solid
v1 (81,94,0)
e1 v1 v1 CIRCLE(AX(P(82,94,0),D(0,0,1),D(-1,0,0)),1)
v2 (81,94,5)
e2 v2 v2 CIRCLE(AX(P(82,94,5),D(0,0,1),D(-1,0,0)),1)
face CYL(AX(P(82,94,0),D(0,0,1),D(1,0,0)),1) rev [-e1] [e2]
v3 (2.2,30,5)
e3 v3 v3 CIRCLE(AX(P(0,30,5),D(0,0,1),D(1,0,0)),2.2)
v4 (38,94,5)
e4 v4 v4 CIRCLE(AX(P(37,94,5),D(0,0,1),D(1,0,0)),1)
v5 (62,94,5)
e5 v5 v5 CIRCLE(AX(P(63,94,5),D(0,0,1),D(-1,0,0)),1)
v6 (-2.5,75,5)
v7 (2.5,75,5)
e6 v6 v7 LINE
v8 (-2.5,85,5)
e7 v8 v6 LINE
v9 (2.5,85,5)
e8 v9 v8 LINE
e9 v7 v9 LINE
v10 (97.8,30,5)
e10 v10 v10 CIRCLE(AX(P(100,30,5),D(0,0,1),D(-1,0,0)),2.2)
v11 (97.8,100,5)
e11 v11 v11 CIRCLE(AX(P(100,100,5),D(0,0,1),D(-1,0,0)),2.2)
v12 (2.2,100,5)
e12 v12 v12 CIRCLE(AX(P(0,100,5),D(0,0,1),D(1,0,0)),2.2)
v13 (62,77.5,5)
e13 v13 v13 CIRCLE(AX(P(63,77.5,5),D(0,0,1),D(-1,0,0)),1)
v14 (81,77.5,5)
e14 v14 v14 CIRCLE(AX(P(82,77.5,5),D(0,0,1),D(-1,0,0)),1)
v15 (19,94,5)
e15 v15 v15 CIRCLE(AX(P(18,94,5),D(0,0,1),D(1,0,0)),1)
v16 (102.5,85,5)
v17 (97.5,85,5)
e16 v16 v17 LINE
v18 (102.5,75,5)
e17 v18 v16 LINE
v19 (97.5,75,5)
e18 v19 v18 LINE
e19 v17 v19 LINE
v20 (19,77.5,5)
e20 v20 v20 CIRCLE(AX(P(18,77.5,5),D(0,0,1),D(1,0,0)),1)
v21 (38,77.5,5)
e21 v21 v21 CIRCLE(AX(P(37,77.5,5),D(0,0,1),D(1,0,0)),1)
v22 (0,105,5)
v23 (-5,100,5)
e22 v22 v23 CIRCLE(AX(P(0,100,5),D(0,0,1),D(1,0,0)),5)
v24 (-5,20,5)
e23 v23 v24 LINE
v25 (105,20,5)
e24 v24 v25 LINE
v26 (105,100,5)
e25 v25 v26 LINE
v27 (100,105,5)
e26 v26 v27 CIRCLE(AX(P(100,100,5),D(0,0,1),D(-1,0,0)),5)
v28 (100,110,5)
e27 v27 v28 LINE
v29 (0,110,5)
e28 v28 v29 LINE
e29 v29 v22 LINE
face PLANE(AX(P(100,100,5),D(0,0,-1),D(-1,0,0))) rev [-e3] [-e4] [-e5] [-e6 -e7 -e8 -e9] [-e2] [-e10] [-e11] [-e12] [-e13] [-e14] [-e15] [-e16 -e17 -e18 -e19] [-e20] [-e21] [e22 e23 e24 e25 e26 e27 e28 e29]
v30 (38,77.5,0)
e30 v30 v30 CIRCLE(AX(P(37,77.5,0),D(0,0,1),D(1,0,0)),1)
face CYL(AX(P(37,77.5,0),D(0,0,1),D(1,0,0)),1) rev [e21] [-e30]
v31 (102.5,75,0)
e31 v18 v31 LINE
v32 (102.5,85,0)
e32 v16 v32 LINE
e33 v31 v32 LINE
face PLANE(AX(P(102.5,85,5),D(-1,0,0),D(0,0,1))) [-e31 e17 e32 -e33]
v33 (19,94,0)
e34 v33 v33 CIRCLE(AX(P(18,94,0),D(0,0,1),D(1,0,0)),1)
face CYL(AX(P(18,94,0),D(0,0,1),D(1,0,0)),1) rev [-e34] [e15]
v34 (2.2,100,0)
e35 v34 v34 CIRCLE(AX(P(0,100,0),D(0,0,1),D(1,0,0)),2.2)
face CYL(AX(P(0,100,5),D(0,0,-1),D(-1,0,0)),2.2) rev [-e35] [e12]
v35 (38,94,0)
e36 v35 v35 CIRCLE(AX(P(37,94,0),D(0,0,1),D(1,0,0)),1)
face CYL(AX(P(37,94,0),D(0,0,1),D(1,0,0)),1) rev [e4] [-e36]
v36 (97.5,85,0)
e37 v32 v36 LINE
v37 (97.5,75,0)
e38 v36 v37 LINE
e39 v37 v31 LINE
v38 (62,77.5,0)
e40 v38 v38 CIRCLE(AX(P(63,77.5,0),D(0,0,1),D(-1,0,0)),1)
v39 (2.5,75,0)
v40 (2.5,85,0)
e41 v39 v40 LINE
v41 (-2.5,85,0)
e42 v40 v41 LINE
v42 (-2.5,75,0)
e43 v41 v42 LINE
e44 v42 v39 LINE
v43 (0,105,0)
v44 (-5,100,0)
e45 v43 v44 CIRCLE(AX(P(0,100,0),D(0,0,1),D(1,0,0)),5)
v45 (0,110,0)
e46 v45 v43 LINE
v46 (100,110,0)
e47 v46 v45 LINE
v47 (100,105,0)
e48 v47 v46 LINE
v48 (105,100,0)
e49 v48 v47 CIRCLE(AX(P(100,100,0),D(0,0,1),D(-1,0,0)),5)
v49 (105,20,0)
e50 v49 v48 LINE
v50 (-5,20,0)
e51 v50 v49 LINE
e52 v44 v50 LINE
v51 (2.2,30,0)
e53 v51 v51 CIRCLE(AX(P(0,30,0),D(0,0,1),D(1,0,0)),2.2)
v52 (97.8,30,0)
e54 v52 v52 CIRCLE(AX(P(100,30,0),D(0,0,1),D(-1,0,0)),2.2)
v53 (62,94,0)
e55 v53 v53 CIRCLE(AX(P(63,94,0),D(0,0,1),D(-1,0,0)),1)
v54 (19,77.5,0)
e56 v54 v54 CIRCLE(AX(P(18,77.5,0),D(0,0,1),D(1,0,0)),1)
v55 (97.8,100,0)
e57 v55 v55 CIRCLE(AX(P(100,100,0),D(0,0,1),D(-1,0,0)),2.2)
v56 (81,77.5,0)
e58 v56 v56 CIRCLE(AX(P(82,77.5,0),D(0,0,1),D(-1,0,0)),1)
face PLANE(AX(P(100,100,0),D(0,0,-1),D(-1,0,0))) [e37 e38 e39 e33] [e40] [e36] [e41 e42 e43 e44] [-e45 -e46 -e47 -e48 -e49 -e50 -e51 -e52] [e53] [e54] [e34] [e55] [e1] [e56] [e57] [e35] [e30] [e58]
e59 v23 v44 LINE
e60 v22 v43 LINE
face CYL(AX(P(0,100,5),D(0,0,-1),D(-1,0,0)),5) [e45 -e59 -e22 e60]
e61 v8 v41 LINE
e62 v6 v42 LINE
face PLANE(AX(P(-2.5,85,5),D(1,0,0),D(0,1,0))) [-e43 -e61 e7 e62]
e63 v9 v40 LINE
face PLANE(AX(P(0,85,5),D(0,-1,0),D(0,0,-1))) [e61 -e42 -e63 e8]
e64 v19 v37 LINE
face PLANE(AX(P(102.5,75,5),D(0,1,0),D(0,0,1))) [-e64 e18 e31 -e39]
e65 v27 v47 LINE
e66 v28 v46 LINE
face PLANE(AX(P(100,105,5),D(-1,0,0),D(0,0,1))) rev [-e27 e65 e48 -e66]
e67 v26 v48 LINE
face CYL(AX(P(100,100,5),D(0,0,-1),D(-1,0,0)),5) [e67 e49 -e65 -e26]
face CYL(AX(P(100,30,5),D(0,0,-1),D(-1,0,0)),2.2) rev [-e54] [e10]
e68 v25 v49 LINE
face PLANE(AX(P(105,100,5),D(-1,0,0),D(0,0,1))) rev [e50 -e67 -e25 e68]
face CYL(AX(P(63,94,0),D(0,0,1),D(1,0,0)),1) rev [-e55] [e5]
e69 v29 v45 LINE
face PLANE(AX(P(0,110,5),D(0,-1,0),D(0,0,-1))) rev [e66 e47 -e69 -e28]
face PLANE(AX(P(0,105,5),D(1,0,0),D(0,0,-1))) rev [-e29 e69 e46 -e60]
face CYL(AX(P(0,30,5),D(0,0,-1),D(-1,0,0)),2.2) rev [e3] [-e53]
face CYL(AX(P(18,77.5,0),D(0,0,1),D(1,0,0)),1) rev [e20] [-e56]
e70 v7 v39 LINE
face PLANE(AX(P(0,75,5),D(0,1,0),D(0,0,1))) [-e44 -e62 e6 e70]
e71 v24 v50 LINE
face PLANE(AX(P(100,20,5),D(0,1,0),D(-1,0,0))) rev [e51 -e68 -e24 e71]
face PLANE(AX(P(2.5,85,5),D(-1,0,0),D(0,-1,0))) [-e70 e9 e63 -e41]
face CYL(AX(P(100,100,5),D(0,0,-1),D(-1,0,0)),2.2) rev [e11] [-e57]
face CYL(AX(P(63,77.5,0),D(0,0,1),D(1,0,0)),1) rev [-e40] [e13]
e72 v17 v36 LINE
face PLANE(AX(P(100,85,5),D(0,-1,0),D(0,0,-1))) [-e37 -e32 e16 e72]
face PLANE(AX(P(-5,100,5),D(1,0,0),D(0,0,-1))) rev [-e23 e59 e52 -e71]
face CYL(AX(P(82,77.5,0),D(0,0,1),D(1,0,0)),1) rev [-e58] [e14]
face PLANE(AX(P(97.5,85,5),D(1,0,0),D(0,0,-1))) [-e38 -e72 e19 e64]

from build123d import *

# Parameters (mm, degrees)
SKETCH1_R           = 2.2
BOSS_EXTRUDE1_DEPTH = 5
SKETCH2_R           = 1
CUT_EXTRUDE1_DEPTH  = 153.151240547


with BuildPart() as part:
    # Sketch1 → Boss-Extrude1 (new body)
    with BuildSketch(Plane.XY):
        with BuildLine():
            Line((0, 105), (0, 110))
            Line((0, 110), (100, 110))
            Line((100, 110), (100, 105))
            ThreePointArc((100, 105), (103.535533906, 103.535533906), (105, 100))
            Line((105, 100), (105, 20))
            Line((105, 20), (100, 20))
            Line((100, 20), (0, 20))
            Line((0, 20), (-5, 20))
            Line((-5, 20), (-5, 100))
            ThreePointArc((-5, 100), (-3.535533906, 103.535533906), (0, 105))
        make_face()
        with Locations((0, 100)):
            Circle(SKETCH1_R, mode=Mode.SUBTRACT)
        with Locations((0, 30)):
            Circle(SKETCH1_R, mode=Mode.SUBTRACT)
        with Locations(Location((100, 30, 0), (0, 0, 180))):
            Circle(SKETCH1_R, mode=Mode.SUBTRACT)
        with Locations(Location((100, 100, 0), (0, 0, 180))):
            Circle(SKETCH1_R, mode=Mode.SUBTRACT)
        Polygon((0, 85), (2.5, 85), (2.5, 75), (0, 75), (-2.5, 75), (-2.5, 85), align=None, mode=Mode.SUBTRACT)
        Polygon((102.5, 75), (100, 75), (97.5, 75), (97.5, 85), (100, 85), (102.5, 85), align=None, mode=Mode.SUBTRACT)
    extrude(amount=BOSS_EXTRUDE1_DEPTH)

    # Sketch2 → Cut-Extrude1 (cut, through all)
    with BuildSketch(Plane.XY.offset(5)):
        with Locations((18, 94)):
            Circle(SKETCH2_R)
        with Locations((37, 94)):
            Circle(SKETCH2_R)
        with Locations((18, 77.5)):
            Circle(SKETCH2_R)
        with Locations((37, 77.5)):
            Circle(SKETCH2_R)
        with Locations(Location((63, 77.5, 0), (0, 0, 180))):
            Circle(SKETCH2_R)
        with Locations(Location((82, 77.5, 0), (0, 0, 180))):
            Circle(SKETCH2_R)
        with Locations(Location((63, 94, 0), (0, 0, 180))):
            Circle(SKETCH2_R)
        with Locations(Location((82, 94, 0), (0, 0, 180))):
            Circle(SKETCH2_R)
    extrude(amount=-CUT_EXTRUDE1_DEPTH, mode=Mode.SUBTRACT)


solid = part.part
